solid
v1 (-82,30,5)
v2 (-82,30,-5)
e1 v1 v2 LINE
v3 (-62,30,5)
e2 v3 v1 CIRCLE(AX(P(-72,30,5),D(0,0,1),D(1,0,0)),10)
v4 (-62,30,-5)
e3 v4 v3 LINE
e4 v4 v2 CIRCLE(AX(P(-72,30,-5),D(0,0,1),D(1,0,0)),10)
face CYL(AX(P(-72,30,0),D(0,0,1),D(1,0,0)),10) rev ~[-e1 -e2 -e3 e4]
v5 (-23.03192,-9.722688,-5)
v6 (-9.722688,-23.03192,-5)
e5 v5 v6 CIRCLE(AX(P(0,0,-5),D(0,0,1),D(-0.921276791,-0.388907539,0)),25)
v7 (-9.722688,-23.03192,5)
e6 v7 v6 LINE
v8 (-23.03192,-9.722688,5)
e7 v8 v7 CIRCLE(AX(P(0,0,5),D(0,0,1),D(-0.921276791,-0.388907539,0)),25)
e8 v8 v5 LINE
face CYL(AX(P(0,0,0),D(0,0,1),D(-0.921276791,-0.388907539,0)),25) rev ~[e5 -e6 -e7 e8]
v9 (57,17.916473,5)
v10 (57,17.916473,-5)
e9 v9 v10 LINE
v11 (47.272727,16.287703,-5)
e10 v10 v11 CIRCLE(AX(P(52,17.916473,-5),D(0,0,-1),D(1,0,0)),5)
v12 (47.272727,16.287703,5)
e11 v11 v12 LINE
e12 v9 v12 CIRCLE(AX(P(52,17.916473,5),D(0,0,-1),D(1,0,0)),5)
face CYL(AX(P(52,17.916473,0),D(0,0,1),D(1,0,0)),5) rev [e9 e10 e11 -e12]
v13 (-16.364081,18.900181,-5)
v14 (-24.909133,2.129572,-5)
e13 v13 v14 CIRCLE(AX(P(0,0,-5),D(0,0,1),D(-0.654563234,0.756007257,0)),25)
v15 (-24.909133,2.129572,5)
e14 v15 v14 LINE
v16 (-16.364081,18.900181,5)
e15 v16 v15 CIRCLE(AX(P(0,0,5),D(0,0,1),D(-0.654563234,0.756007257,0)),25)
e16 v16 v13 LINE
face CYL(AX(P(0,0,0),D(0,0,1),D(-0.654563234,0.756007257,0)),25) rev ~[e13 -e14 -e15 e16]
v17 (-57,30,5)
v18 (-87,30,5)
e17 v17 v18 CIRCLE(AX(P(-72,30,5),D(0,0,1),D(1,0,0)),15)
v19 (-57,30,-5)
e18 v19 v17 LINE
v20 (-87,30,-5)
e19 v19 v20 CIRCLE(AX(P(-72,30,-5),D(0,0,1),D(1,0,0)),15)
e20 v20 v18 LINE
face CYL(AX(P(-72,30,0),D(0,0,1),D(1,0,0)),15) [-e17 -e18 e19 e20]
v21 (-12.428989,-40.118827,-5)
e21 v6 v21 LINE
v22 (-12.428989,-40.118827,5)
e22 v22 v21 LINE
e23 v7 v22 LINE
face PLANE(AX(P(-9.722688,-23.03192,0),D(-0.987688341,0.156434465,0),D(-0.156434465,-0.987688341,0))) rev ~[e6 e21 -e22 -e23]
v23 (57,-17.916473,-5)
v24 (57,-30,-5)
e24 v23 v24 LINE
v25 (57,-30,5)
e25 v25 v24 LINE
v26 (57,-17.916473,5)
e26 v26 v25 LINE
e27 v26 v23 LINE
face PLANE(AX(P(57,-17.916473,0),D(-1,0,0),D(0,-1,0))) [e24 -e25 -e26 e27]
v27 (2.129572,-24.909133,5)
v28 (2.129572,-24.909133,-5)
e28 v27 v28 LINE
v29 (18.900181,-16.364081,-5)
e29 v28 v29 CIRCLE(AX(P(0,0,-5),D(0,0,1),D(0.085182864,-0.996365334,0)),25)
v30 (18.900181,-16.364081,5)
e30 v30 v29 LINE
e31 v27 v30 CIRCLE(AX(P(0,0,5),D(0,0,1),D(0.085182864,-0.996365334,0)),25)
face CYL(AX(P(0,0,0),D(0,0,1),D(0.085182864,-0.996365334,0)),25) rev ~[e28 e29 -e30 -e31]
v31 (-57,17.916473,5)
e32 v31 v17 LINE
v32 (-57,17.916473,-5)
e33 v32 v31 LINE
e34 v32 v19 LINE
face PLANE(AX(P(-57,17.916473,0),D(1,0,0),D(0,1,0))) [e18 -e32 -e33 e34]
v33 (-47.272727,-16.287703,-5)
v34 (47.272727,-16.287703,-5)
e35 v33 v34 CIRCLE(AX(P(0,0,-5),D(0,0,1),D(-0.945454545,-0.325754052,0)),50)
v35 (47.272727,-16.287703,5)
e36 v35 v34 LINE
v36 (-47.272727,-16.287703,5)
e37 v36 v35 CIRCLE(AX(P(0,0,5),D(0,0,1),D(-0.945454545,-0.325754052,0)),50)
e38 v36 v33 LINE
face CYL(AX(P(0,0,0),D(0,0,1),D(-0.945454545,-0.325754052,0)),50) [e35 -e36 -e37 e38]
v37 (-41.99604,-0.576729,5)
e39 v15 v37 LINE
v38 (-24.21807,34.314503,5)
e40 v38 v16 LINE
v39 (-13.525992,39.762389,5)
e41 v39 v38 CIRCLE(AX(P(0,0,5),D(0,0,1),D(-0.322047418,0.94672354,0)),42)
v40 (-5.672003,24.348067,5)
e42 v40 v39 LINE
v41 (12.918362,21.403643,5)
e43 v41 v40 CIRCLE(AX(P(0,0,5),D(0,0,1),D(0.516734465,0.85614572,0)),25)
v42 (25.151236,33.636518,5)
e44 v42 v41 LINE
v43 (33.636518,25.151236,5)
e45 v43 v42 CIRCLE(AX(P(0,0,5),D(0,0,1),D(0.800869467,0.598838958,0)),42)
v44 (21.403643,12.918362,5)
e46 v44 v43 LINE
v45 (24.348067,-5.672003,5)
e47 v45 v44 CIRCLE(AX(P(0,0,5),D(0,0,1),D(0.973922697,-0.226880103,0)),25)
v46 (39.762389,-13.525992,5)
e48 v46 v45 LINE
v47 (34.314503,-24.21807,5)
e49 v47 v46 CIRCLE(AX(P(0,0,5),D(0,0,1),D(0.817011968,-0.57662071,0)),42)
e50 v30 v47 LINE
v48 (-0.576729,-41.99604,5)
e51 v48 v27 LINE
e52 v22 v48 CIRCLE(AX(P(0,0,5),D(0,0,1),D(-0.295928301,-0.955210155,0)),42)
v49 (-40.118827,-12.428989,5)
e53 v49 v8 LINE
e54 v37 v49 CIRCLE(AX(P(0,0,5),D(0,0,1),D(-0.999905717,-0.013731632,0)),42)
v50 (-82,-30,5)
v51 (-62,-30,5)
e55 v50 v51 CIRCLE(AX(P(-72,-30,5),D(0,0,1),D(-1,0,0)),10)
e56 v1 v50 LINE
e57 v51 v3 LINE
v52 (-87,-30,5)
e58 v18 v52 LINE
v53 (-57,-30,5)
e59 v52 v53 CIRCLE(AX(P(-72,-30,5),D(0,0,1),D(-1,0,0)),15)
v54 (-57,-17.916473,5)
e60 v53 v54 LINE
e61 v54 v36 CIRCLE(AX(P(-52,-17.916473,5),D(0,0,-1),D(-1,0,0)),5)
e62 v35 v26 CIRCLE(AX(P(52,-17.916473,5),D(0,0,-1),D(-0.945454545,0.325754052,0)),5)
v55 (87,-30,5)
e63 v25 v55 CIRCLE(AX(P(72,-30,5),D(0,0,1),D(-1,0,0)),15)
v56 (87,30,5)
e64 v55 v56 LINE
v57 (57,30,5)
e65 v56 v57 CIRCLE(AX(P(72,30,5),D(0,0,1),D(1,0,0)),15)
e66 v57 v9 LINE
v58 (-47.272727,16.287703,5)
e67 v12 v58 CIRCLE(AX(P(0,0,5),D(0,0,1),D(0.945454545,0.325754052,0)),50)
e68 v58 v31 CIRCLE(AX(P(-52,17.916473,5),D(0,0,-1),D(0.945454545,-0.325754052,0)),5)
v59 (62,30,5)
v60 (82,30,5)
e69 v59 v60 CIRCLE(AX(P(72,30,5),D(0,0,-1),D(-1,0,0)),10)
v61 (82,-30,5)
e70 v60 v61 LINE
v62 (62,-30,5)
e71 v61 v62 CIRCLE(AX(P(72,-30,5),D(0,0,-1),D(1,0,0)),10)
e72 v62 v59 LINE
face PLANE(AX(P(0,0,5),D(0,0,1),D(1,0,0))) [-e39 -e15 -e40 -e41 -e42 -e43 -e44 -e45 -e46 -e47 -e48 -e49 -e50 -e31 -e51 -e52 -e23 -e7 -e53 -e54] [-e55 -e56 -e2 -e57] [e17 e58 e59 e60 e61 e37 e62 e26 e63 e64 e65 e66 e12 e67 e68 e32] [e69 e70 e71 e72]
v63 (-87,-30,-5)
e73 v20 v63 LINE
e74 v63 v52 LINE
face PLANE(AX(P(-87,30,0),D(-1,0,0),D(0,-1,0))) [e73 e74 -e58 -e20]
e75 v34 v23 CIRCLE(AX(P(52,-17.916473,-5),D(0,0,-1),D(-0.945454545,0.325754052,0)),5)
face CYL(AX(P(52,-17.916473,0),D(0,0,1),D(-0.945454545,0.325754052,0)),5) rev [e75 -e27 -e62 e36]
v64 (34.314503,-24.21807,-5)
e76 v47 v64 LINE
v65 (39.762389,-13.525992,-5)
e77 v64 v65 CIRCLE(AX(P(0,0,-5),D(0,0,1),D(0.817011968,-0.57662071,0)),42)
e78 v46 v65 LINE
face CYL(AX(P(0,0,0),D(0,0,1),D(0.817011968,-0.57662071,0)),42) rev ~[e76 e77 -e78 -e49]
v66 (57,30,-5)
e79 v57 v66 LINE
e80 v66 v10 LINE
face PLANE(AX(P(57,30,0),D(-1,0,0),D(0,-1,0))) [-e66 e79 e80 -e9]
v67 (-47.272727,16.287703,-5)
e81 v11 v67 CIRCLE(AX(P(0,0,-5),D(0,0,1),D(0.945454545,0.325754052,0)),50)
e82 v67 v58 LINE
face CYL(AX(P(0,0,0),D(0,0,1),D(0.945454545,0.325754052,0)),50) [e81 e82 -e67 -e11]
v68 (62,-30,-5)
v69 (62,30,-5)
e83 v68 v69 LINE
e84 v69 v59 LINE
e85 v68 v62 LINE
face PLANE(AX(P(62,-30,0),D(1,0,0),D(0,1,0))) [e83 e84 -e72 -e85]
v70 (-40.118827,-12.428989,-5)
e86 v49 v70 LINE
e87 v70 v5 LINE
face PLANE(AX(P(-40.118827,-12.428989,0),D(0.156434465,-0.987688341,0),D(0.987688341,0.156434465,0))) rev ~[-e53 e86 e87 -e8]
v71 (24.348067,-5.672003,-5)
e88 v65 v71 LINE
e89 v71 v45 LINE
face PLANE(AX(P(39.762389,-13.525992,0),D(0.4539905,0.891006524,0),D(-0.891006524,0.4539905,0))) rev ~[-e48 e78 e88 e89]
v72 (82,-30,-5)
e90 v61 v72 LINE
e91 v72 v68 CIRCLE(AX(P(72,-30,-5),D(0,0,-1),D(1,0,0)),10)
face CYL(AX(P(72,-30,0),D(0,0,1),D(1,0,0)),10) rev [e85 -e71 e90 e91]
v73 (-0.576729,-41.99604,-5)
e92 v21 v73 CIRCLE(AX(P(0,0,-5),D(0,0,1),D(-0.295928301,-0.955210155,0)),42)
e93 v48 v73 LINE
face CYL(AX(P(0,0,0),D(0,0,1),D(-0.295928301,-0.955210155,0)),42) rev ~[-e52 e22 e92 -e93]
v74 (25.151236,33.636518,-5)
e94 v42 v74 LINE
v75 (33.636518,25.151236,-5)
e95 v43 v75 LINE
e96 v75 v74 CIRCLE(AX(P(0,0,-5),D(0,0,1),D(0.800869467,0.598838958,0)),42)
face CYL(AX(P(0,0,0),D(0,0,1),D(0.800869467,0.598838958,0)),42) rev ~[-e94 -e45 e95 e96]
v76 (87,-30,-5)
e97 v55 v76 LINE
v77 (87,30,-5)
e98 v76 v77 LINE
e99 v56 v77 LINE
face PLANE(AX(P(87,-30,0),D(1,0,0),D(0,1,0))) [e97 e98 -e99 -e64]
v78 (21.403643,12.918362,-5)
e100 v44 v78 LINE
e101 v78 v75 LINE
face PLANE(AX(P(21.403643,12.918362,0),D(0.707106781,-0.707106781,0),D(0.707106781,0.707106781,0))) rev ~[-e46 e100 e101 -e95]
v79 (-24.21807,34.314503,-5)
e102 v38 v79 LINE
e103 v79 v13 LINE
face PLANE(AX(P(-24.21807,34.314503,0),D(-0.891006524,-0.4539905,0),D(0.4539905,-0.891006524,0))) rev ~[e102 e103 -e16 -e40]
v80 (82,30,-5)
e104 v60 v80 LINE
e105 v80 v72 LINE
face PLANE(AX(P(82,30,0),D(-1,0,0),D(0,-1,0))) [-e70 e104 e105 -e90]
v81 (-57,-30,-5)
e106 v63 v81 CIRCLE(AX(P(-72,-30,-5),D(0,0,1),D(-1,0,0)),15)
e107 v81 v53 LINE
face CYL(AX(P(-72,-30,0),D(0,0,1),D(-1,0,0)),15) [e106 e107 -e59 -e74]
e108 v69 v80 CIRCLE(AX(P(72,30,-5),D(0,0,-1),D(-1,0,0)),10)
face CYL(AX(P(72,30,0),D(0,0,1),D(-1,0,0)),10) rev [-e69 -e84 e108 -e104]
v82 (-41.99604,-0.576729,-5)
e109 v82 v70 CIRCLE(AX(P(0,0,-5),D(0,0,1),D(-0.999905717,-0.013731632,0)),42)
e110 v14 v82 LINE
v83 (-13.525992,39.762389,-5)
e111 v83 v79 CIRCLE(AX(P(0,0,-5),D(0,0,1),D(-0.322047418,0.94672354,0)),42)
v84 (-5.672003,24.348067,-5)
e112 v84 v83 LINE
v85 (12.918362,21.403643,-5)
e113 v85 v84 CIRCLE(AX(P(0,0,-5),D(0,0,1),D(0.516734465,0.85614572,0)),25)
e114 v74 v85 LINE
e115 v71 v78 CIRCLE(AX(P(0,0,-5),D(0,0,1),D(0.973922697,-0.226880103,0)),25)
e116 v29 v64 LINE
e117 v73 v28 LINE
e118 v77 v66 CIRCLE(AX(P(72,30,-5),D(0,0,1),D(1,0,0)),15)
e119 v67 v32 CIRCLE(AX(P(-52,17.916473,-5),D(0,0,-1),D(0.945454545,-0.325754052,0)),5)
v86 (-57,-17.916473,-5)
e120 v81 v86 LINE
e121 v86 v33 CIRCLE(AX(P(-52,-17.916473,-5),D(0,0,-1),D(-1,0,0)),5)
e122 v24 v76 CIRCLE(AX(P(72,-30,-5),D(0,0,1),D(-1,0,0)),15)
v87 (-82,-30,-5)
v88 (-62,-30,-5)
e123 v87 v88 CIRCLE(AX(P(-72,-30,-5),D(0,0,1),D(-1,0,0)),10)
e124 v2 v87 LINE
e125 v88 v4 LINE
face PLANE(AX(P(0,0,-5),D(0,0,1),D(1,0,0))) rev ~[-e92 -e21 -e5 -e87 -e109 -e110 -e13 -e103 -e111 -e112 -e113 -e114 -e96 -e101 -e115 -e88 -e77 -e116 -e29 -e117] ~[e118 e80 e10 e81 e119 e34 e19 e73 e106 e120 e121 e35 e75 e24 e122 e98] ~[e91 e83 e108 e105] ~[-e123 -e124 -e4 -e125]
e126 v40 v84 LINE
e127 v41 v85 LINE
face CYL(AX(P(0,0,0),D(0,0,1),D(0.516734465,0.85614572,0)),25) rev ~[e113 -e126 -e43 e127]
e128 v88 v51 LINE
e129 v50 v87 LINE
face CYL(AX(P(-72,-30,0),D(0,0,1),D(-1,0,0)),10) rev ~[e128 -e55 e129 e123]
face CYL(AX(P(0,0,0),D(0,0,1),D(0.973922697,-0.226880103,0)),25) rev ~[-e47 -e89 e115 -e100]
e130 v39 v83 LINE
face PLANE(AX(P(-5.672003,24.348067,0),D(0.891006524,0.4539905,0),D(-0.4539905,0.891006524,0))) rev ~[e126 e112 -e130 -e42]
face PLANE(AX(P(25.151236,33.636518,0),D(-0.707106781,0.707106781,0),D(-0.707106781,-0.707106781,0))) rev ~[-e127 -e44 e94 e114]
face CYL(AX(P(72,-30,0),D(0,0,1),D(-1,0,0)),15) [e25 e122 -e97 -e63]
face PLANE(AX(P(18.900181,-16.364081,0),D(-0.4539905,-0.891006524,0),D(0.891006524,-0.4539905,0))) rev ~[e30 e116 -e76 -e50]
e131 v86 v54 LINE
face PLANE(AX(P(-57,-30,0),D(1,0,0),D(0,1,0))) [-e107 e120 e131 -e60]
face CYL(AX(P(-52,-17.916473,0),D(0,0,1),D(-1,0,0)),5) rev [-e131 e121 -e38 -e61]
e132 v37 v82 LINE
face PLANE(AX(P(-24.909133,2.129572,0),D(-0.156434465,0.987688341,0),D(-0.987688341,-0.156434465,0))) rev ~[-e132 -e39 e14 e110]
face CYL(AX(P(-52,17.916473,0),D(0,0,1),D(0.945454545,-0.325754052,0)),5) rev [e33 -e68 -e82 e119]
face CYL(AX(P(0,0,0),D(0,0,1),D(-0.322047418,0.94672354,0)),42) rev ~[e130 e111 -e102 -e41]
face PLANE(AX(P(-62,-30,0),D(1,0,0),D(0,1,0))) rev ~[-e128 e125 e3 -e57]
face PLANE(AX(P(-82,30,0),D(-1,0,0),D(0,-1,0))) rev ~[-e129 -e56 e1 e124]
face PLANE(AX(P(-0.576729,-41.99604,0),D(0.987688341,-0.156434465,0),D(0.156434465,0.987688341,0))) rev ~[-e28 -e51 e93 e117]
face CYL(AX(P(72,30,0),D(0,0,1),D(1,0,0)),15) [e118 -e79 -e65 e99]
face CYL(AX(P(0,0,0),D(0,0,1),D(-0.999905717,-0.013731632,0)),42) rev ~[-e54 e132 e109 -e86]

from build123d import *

# Parameters (mm, degrees)
BOSS_EXTRUDE1_DEPTH = 5


with BuildPart() as part:
    # Sketch2 → Boss-Extrude1 (new, symmetric)
    with BuildSketch(Plane.XY):
        with BuildLine():
            ThreePointArc((57, 17.916472867), (52.825722824, 12.985126011), (47.272727273, 16.287702607))
            ThreePointArc((47.272727273, 16.287702607), (0, 50), (-47.272727273, 16.287702607))
            ThreePointArc((-47.272727273, 16.287702607), (-52.825722824, 12.985126011), (-57, 17.916472867))
            Line((-57, 17.916472867), (-57, 30))
            ThreePointArc((-57, 30), (-72, 45), (-87, 30))
            Line((-87, 30), (-87, -30))
            ThreePointArc((-87, -30), (-72, -45), (-57, -30))
            Line((-57, -30), (-57, -17.916472867))
            ThreePointArc((-57, -17.916472867), (-52.825722824, -12.985126011), (-47.272727273, -16.287702607))
            ThreePointArc((-47.272727273, -16.287702607), (0, -50), (47.272727273, -16.287702607))
            ThreePointArc((47.272727273, -16.287702607), (52.825722824, -12.985126011), (57, -17.916472867))
            Line((57, -17.916472867), (57, -30))
            ThreePointArc((57, -30), (72, -45), (87, -30))
            Line((87, -30), (87, 30))
            ThreePointArc((87, 30), (72, 45), (57, 30))
            Line((57, 30), (57, 17.916472867))
        make_face()
        with BuildLine():
            Line((62, -30), (62, 30))
            ThreePointArc((62, 30), (72, 40), (82, 30))
            Line((82, 30), (82, -30))
            ThreePointArc((82, -30), (72, -40), (62, -30))
        make_face(mode=Mode.SUBTRACT)
        with BuildLine():
            ThreePointArc((-62, 30), (-72, 40), (-82, 30))
            Line((-82, 30), (-82, -30))
            ThreePointArc((-82, -30), (-72, -40), (-62, -30))
            Line((-62, -30), (-62, 30))
        make_face(mode=Mode.SUBTRACT)
        with BuildLine():
            ThreePointArc((24.348067415, -5.672002568), (24.692208515, 3.910861626), (21.403642989, 12.918361615))
            Line((21.403642989, 12.918361615), (33.636517601, 25.151236226))
            ThreePointArc((33.636517601, 25.151236226), (29.69848481, 29.69848481), (25.151236226, 33.636517601))
            Line((25.151236226, 33.636517601), (12.918361615, 21.403642989))
            ThreePointArc((12.918361615, 21.403642989), (3.910861626, 24.692208515), (-5.672002568, 24.348067415))
            Line((-5.672002568, 24.348067415), (-13.525991536, 39.762388673))
            ThreePointArc((-13.525991536, 39.762388673), (-19.067600989, 37.422274016), (-24.218069826, 34.314502676))
            Line((-24.218069826, 34.314502676), (-16.364080859, 18.900181419))
            ThreePointArc((-16.364080859, 18.900181419), (-22.275163105, 11.349762493), (-24.90913336, 2.129571608))
            Line((-24.90913336, 2.129571608), (-41.996040101, -0.576728553))
            ThreePointArc((-41.996040101, -0.576728553), (-41.482910305, -6.570247532), (-40.118826521, -12.42898864))
            Line((-40.118826521, -12.42898864), (-23.03191978, -9.722688479))
            ThreePointArc((-23.03191978, -9.722688479), (-17.67766953, -17.67766953), (-9.722688479, -23.03191978))
            Line((-9.722688479, -23.03191978), (-12.42898864, -40.118826521))
            ThreePointArc((-12.42898864, -40.118826521), (-6.570247532, -41.482910305), (-0.576728553, -41.996040101))
            Line((-0.576728553, -41.996040101), (2.129571608, -24.90913336))
            ThreePointArc((2.129571608, -24.90913336), (11.349762493, -22.275163105), (18.900181419, -16.364080859))
            Line((18.900181419, -16.364080859), (34.314502676, -24.218069826))
            ThreePointArc((34.314502676, -24.218069826), (37.422274016, -19.067600989), (39.762388673, -13.525991536))
            Line((39.762388673, -13.525991536), (24.348067415, -5.672002568))
        make_face(mode=Mode.SUBTRACT)
    extrude(amount=BOSS_EXTRUDE1_DEPTH, both=True)


solid = part.part
